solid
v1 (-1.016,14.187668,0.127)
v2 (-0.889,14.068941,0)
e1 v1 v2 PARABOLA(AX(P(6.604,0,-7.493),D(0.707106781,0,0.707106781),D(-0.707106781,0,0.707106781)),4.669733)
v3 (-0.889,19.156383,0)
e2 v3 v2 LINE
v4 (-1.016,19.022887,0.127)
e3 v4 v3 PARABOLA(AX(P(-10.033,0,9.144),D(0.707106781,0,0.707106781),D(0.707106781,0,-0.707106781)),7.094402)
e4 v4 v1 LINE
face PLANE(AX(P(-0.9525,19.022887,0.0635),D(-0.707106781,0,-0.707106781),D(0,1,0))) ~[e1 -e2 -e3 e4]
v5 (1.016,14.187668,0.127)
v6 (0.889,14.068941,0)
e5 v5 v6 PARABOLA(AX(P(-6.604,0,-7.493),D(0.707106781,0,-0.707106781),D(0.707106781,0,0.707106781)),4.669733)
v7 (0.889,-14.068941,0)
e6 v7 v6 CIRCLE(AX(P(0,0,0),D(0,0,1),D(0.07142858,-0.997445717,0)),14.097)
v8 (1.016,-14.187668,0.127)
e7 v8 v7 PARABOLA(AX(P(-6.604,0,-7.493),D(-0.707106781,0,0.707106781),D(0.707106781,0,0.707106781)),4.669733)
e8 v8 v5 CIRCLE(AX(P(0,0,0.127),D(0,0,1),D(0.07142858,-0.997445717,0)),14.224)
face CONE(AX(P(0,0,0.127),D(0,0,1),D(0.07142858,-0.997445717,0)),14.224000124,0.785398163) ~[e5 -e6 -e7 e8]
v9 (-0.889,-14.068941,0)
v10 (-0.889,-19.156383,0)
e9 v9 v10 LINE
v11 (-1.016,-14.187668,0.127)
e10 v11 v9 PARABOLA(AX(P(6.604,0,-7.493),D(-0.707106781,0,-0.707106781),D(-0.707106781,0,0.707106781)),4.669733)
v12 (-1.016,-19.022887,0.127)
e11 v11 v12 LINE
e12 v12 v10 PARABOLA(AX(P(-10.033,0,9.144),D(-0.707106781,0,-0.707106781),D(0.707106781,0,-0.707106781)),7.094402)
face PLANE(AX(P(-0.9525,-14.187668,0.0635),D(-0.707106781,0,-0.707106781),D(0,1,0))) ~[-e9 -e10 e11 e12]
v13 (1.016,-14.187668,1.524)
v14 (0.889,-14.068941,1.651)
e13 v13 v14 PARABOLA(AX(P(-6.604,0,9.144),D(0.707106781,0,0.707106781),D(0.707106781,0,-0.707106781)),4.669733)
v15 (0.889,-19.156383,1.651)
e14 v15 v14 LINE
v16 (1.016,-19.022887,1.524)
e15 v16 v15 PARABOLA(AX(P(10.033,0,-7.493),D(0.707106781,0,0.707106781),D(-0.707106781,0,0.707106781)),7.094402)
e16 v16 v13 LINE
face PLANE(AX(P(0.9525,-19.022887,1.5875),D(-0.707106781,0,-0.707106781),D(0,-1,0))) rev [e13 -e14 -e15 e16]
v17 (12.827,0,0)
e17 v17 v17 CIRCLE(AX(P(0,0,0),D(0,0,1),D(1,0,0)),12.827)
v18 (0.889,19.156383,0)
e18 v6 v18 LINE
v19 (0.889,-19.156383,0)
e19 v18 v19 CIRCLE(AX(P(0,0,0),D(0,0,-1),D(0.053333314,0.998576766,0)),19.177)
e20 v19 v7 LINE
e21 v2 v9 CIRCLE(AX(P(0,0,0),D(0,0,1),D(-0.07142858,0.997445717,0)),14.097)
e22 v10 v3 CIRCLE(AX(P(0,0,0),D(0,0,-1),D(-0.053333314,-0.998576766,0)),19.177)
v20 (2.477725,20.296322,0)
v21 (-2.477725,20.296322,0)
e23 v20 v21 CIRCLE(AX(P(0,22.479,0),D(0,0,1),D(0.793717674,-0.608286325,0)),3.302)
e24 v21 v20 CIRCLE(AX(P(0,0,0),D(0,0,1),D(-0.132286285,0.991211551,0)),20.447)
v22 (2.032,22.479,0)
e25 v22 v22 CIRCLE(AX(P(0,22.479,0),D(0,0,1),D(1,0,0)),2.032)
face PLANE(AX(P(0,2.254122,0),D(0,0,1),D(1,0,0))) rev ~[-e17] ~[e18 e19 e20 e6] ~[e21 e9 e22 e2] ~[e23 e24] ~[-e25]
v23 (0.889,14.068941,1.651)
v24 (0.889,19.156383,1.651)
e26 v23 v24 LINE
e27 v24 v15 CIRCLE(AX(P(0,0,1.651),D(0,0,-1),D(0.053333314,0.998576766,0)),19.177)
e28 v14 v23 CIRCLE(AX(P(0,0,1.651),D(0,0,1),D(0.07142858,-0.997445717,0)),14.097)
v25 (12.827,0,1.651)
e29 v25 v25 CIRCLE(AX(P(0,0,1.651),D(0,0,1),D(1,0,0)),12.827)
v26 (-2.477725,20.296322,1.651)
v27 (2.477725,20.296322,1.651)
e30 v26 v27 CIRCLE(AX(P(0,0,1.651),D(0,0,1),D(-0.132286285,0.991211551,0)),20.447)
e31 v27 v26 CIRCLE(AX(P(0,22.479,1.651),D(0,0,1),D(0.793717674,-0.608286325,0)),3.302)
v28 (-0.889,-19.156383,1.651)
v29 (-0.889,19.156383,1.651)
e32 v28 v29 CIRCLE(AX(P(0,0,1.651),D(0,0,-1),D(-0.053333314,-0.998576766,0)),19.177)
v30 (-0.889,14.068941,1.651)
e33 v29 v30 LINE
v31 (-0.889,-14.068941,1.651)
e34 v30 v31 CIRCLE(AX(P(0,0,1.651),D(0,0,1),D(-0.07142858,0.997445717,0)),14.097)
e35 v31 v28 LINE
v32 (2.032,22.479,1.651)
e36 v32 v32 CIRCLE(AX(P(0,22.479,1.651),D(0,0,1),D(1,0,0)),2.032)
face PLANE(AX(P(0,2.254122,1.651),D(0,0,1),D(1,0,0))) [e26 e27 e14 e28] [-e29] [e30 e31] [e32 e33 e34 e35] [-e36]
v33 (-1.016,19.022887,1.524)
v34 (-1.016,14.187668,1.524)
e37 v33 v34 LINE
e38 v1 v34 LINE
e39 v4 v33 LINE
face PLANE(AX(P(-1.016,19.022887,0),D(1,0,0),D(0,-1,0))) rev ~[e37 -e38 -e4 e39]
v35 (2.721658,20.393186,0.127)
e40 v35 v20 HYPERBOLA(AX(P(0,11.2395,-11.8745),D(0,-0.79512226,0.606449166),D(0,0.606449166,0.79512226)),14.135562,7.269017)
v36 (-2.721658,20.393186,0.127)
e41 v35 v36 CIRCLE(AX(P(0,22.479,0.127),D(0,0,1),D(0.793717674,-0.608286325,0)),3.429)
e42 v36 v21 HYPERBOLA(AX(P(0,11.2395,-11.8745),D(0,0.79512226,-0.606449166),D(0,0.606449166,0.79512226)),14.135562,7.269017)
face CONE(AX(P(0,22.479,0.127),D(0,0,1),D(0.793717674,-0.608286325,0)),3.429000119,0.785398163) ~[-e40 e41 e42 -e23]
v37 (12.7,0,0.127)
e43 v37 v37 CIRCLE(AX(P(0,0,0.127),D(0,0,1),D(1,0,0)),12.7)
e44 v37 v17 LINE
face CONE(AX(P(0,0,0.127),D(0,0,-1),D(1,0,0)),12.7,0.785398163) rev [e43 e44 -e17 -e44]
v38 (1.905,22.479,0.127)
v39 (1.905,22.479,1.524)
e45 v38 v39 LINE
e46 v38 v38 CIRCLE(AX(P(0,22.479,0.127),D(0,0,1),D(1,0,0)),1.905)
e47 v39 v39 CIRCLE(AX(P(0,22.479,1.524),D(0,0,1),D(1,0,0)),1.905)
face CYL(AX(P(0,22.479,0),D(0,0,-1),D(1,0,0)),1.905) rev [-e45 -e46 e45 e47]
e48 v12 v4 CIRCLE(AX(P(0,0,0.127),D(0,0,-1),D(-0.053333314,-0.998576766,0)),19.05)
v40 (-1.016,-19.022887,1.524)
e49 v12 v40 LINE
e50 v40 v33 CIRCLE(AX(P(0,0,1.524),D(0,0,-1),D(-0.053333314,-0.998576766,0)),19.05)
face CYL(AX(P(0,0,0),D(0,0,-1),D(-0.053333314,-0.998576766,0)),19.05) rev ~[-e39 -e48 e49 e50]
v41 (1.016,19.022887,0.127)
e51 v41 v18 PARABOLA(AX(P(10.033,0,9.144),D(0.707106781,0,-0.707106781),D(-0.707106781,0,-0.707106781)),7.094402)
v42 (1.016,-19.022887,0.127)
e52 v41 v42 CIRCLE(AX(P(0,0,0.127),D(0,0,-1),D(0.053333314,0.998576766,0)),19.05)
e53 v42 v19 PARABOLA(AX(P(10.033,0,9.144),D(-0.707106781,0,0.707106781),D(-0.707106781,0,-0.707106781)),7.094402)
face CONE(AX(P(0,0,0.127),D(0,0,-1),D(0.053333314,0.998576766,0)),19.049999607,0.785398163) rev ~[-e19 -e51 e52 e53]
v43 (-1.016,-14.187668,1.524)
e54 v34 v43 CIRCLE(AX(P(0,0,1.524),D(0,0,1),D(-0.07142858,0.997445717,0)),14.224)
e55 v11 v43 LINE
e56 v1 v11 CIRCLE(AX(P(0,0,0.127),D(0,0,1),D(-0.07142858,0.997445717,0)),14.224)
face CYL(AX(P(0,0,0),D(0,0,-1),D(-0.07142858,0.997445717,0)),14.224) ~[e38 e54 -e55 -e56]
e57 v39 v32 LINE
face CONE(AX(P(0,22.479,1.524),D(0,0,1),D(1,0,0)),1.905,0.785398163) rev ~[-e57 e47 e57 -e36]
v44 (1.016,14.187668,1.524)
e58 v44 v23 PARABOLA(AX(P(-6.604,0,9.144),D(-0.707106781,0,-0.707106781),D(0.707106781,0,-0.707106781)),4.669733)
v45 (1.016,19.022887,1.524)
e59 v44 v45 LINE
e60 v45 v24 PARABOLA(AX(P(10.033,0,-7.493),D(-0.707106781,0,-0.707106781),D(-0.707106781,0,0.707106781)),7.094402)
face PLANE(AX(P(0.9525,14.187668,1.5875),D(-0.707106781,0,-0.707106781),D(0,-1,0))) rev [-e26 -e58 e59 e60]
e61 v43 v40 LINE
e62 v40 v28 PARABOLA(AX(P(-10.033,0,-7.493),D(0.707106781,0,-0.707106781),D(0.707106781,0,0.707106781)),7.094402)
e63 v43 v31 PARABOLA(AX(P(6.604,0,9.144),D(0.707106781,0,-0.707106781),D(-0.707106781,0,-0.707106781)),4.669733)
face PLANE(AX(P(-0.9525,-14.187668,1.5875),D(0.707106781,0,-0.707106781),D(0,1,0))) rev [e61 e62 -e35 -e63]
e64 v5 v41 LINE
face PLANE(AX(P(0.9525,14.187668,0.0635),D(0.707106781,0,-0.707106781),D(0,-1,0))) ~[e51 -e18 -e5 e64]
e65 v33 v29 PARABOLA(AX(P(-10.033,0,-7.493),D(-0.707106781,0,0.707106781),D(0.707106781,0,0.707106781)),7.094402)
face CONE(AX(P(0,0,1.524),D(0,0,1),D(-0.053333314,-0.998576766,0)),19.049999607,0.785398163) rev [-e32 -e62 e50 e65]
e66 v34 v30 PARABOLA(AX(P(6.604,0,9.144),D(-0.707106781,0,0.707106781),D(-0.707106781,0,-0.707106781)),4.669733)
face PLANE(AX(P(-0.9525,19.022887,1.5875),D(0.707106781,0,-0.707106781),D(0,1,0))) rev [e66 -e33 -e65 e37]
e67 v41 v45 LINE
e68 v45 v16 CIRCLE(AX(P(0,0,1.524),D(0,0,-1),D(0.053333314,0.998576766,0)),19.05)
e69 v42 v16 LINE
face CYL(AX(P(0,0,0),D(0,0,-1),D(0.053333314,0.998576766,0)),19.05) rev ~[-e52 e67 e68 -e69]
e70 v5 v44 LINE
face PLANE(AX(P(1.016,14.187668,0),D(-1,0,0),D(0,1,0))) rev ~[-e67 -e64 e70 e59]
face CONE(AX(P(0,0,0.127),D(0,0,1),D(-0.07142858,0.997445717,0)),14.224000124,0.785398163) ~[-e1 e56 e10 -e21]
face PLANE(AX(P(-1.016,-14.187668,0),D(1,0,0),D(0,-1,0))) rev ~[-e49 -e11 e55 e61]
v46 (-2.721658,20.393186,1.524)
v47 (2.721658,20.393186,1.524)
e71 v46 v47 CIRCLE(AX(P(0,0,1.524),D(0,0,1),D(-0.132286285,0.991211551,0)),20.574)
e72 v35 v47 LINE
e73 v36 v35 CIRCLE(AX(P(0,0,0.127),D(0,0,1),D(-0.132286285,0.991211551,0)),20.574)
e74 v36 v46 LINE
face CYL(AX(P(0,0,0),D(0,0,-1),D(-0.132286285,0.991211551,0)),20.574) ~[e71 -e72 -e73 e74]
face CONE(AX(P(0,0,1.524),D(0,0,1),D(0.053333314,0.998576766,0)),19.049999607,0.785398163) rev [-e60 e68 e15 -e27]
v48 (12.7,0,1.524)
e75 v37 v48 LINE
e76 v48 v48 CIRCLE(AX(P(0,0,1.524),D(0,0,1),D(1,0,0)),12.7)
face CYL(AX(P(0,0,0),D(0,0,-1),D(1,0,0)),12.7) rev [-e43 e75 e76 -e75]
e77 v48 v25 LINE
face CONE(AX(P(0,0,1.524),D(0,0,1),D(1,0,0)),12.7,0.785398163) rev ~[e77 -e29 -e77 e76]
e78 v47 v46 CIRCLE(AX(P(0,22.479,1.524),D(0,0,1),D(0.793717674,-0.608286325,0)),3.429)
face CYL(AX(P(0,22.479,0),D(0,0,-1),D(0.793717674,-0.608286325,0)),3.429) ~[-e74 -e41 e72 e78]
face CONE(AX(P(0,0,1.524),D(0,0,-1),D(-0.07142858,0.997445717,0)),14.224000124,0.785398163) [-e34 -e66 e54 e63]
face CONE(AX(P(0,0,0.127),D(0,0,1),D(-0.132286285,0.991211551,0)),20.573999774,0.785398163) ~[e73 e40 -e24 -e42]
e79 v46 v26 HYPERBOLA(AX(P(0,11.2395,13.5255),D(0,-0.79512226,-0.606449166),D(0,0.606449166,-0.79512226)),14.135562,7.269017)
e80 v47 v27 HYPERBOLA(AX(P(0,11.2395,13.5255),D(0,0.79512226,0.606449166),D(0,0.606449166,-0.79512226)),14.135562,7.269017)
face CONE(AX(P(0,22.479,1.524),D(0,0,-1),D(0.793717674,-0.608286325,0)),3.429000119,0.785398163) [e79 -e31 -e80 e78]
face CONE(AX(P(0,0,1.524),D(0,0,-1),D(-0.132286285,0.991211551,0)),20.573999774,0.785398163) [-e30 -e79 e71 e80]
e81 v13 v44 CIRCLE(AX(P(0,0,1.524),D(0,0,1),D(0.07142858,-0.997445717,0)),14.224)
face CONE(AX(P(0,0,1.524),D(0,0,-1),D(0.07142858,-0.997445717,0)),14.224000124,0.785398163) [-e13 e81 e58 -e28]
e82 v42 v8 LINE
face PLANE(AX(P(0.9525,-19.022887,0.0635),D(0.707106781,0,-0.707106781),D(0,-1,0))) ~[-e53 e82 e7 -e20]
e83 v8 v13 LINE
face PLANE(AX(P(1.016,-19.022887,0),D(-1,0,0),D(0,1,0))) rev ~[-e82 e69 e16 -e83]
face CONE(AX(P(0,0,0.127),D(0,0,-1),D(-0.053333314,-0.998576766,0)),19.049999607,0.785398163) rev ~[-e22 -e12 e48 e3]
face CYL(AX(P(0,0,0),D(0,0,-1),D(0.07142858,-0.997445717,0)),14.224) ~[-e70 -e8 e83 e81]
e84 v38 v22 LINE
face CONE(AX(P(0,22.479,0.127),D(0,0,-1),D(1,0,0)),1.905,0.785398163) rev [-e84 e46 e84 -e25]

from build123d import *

# Parameters (mm, degrees)
F0_R     = 12.7
F0_R_2   = 1.905
F1_DEPTH = 1.651
F2_SIZE  = 0.127


with BuildPart() as f1:
    # F0 (on Top) → F1 (new body)
    with BuildSketch(Plane.XY):
        with BuildLine():
            ThreePointArc((2.721658, 20.393186), (0, 25.908), (-2.721658, 20.393186))
            ThreePointArc((-2.721658, 20.393186), (0, -20.574), (2.721658, 20.393186))
        make_face()
        with BuildLine():
            ThreePointArc((-1.016, -19.022887), (-19.05, 0), (-1.016, 19.022887))
            Line((-1.016, 19.022887), (-1.016, 14.187668))
            ThreePointArc((-1.016, 14.187668), (-14.224, 0), (-1.016, -14.187668))
            Line((-1.016, -14.187668), (-1.016, -19.022887))
        make_face(mode=Mode.SUBTRACT)
        Circle(F0_R, mode=Mode.SUBTRACT)
        with BuildLine():
            Line((1.016, 14.187668), (1.016, 19.022887))
            ThreePointArc((1.016, 19.022887), (19.05, 0), (1.016, -19.022887))
            Line((1.016, -19.022887), (1.016, -14.187668))
            ThreePointArc((1.016, -14.187668), (14.224, 0), (1.016, 14.187668))
        make_face(mode=Mode.SUBTRACT)
        with Locations((0, 22.479)):
            Circle(F0_R_2, mode=Mode.SUBTRACT)
    extrude(amount=F1_DEPTH)

    # F2
    f2_edges = [f1.edges().sort_by_distance(p)[0] for p in [
        (0, -20.574, 1.651),
        (0, 25.908, 1.651),
        (-19.05, 0, 1.651),
        (-1.016, 16.605278, 1.651),
        (-14.224, 0, 1.651),
        (-1.016, -16.605278, 1.651),
        (-12.7, 0, 1.651),
        (1.016, -16.605278, 1.651),
        (14.224, 0, 1.651),
        (1.016, 16.605278, 1.651),
        (19.05, 0, 1.651),
        (-1.905, 22.479, 1.651),
        (0, -20.574, 0),
        (0, 25.908, 0),
        (-19.05, 0, 0),
        (-1.016, 16.605278, 0),
        (-14.224, 0, 0),
        (-1.016, -16.605278, 0),
        (-12.7, 0, 0),
        (1.016, -16.605278, 0),
        (14.224, 0, 0),
        (1.016, 16.605278, 0),
        (19.05, 0, 0),
        (-1.905, 22.479, 0),
    ]]
    chamfer(f2_edges, length=F2_SIZE)


solid = f1.part
